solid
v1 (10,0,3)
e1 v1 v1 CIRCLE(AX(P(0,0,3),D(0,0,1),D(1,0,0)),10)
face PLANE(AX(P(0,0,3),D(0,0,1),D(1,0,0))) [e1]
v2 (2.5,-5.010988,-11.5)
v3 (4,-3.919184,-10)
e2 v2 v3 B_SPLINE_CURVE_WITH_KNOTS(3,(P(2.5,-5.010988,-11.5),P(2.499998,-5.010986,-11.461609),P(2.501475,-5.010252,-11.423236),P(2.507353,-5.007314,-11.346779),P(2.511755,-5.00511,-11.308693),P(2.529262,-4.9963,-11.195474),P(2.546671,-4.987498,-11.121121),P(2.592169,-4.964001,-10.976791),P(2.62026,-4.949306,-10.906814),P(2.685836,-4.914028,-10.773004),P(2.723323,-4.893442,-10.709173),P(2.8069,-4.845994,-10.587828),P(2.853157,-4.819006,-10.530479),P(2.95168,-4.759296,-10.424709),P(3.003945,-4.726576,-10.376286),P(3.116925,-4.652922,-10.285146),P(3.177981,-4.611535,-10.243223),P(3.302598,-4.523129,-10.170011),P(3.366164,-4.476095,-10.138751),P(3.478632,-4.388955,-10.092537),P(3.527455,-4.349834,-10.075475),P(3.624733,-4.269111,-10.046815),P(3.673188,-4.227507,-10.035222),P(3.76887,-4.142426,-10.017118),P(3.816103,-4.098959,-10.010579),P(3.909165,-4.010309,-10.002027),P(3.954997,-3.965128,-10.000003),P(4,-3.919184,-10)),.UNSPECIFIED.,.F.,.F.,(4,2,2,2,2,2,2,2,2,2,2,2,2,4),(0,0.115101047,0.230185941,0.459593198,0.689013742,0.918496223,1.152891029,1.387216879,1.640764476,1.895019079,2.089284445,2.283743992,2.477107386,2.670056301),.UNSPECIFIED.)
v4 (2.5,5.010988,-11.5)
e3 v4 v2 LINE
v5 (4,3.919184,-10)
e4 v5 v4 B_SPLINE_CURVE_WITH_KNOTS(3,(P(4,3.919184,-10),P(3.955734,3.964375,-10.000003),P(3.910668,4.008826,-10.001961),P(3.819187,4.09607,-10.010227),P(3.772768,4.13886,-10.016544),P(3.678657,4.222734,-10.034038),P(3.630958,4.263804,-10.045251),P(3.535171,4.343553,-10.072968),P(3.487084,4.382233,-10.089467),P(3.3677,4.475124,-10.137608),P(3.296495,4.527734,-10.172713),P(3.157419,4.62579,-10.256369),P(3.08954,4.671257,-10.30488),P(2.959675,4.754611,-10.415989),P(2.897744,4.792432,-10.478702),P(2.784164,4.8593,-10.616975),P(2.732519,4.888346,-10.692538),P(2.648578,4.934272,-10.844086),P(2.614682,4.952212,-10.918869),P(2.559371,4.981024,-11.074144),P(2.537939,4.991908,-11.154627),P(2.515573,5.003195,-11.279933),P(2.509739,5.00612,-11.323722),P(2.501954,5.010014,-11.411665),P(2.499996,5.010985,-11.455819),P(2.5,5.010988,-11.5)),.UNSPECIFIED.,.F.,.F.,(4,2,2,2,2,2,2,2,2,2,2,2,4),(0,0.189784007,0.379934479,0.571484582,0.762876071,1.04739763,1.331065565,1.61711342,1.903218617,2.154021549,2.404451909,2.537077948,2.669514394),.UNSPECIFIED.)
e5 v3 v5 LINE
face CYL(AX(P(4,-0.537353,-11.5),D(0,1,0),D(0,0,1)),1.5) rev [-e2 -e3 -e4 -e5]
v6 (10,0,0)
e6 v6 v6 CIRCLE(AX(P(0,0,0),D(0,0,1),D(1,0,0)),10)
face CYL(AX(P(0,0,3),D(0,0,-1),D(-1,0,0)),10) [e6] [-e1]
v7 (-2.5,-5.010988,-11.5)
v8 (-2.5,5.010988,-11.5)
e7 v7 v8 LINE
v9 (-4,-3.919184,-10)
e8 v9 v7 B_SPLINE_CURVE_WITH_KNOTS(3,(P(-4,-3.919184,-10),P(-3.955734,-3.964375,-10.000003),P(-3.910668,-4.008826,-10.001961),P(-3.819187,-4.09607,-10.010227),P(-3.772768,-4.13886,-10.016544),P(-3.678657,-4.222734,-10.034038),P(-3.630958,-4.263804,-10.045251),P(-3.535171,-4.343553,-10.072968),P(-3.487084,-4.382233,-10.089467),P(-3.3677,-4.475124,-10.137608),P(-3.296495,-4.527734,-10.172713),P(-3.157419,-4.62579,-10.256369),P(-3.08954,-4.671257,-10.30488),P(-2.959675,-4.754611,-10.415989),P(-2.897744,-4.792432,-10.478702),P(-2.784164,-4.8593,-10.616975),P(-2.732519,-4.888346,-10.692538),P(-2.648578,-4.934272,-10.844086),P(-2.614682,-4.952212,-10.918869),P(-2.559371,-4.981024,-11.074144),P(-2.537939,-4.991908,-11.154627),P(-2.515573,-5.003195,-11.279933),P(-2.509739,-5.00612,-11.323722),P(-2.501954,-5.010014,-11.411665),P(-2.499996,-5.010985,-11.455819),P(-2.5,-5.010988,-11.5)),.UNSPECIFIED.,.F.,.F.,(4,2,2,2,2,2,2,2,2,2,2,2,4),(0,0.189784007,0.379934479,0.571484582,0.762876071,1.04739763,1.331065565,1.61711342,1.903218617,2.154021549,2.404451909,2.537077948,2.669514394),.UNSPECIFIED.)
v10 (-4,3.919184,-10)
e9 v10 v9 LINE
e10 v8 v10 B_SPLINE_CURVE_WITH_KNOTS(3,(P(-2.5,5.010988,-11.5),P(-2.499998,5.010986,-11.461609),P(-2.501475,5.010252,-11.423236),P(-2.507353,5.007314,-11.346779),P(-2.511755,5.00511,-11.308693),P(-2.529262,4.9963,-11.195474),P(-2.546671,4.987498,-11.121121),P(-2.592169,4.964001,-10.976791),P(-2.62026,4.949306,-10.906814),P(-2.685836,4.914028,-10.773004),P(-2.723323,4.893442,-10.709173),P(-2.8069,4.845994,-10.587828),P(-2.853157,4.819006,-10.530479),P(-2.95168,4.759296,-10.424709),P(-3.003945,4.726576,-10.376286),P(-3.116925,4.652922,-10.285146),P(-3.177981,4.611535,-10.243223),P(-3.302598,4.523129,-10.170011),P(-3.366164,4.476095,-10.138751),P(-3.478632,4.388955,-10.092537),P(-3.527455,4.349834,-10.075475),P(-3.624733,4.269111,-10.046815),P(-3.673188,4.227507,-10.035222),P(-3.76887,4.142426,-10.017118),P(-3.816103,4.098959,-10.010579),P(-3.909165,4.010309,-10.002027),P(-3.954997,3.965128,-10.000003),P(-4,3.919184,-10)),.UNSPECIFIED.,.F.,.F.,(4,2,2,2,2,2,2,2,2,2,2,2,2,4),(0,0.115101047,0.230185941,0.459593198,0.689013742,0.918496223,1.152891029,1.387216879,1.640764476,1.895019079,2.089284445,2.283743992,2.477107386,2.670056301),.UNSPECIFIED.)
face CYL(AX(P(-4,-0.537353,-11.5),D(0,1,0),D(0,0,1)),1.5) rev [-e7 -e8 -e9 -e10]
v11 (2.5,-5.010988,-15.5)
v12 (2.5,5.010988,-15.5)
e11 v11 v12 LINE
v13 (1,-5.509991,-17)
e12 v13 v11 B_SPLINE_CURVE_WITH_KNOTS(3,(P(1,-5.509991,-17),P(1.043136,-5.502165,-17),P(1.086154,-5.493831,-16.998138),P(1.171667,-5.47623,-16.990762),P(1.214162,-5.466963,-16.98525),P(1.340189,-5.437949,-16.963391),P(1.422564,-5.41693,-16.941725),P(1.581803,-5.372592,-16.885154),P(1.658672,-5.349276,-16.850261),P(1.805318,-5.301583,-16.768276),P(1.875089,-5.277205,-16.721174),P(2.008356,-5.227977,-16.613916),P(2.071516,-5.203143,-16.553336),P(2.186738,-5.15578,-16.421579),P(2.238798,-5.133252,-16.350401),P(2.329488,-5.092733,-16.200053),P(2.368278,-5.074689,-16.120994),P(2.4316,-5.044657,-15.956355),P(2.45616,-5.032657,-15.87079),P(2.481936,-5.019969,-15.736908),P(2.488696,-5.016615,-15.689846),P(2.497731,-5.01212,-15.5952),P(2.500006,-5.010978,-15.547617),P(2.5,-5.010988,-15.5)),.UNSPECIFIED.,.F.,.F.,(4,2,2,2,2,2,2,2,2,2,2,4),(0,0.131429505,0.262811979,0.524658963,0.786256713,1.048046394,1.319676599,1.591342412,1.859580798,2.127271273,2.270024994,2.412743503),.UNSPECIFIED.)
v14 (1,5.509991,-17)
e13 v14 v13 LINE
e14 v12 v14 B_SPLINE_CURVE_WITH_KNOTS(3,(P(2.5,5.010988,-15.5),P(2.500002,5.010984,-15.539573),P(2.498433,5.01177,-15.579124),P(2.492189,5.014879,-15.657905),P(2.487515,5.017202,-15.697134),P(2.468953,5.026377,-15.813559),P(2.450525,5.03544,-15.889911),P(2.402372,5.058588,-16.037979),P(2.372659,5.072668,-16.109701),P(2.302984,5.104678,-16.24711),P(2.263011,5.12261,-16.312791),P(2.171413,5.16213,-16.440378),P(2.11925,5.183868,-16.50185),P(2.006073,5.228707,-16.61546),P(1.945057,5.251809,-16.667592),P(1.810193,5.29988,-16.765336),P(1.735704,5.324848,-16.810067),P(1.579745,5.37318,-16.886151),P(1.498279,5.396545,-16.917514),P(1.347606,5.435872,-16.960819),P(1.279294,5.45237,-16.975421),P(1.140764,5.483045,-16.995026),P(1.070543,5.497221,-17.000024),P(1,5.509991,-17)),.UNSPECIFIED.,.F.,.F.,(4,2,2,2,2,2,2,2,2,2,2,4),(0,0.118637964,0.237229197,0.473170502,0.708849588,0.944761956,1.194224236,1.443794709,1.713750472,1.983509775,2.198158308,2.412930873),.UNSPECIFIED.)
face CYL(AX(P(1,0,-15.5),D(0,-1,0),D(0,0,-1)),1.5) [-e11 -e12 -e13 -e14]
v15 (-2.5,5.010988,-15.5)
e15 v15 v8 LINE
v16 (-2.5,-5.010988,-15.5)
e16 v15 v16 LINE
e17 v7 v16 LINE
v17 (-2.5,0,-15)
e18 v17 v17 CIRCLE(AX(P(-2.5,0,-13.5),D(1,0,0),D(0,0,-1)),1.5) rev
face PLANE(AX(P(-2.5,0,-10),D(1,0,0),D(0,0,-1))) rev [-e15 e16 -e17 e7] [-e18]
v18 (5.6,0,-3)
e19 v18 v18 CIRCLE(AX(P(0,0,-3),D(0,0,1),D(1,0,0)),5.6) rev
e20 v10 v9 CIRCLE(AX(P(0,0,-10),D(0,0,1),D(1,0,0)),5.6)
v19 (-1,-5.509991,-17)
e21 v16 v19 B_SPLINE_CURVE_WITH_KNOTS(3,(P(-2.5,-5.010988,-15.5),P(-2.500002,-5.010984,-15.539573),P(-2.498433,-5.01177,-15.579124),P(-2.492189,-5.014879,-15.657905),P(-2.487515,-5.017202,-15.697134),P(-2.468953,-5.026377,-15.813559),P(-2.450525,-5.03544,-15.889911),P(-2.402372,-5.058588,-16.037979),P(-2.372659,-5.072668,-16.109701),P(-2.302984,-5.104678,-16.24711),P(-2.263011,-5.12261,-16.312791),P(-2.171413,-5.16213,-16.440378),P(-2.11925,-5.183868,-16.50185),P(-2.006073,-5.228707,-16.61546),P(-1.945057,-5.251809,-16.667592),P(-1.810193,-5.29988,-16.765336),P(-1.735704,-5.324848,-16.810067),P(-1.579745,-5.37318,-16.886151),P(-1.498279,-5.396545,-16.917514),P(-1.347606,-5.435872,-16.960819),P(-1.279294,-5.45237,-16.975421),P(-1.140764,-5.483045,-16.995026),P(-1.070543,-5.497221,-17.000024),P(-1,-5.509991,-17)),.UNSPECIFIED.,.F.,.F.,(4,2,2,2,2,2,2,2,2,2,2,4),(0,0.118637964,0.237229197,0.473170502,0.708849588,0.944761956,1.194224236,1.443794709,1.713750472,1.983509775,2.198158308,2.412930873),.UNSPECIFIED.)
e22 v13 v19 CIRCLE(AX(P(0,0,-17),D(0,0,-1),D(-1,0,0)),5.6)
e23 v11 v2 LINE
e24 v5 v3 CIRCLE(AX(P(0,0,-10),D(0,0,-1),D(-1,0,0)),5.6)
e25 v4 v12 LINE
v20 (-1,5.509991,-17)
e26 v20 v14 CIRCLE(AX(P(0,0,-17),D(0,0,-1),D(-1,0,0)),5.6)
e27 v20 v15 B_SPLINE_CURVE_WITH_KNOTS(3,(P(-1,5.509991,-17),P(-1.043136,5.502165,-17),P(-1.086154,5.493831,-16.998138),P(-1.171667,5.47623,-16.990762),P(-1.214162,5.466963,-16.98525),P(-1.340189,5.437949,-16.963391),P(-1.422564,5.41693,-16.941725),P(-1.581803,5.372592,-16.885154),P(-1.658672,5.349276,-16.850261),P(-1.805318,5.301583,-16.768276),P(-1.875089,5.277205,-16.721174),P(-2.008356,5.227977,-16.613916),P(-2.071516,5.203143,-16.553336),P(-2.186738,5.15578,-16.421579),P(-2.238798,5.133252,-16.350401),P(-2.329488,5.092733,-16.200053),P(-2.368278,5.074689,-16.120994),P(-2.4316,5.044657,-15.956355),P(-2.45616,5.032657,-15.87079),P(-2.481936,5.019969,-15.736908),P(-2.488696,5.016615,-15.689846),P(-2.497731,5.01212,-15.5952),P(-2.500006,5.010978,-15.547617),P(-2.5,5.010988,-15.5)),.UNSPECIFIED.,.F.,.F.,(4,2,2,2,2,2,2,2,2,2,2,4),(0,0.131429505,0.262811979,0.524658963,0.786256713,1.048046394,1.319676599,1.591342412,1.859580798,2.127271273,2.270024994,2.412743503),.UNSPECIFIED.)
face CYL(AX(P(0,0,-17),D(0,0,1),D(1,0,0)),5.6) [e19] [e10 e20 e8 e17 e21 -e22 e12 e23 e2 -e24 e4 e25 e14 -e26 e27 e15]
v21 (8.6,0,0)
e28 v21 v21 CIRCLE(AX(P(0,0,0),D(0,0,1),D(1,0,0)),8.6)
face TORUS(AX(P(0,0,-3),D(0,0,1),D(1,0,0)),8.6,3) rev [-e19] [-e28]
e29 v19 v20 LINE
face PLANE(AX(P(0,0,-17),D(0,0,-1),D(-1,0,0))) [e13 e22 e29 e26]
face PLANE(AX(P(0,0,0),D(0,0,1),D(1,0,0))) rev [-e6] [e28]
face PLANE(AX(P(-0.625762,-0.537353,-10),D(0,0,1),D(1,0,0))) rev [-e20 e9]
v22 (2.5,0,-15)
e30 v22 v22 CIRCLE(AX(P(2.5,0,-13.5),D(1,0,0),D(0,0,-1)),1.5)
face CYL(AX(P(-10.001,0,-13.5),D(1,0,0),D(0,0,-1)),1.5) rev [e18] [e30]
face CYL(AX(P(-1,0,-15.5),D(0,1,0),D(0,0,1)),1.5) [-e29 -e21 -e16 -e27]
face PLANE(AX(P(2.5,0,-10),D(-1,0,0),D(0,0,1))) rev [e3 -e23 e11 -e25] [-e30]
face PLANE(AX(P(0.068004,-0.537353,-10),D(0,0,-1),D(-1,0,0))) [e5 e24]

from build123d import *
from OCP.BRepFilletAPI import BRepFilletAPI_MakeFillet

# Parameters (mm, degrees)
SKETCH1_R           = 10
BOSS_EXTRUDE1_DEPTH = 3
SKETCH2_R           = 5.6
BOSS_EXTRUDE2_DEPTH = 17
CUT_EXTRUDE1_DEPTH  = 7
CUT_EXTRUDE2_REACH  = 25.351
SKETCH4_R           = 1.5
FILLET1_R1          = 3
FILLET1_R2          = 1.5


with BuildPart() as part:
    # Sketch1 → Boss-Extrude1 (new body)
    with BuildSketch(Plane.XY):
        Circle(SKETCH1_R)
    extrude(amount=BOSS_EXTRUDE1_DEPTH)

    # Sketch2 → Boss-Extrude2 (add)
    with BuildSketch(Plane(origin=(0, 0, 0), x_dir=(-1, 0, 0), z_dir=(0, 0, -1))):
        Circle(SKETCH2_R)
    extrude(amount=BOSS_EXTRUDE2_DEPTH)

    # Sketch3 → Cut-Extrude1 (cut)
    with BuildSketch(Plane(origin=(0, 0, -17), x_dir=(-1, 0, 0), z_dir=(0, 0, -1))):
        with BuildLine():
            Line((2.5, 0), (2.5, 6.663171691))
            ThreePointArc((2.5, 6.663171691), (8.066213365, -0.537352556), (2.5, -7.737876802))
            Line((2.5, -7.737876802), (2.5, 0))
        make_face()
        with BuildLine():
            Line((-2.5, 0), (-2.5, 6.663171691))
            ThreePointArc((-2.5, 6.663171691), (-7.668145551, -0.537352556), (-2.5, -7.737876802))
            Line((-2.5, -7.737876802), (-2.5, 0))
        make_face()
    extrude(amount=-CUT_EXTRUDE1_DEPTH, mode=Mode.SUBTRACT)

    # Sketch4 → Cut-Extrude2 (cut, up to next)
    with BuildSketch(Plane(origin=(2.5, 0, 0), x_dir=(0, 0, -1), z_dir=(1, 0, 0)), mode=Mode.PRIVATE) as cut_extrude2_sk1:
        with Locations((13.5, 0)):
            Circle(SKETCH4_R)
    cut_extrude2_tool1 = extrude(cut_extrude2_sk1.sketch, amount=-CUT_EXTRUDE2_REACH, mode=Mode.PRIVATE) & part.part
    add(cut_extrude2_tool1.solids().sort_by_distance((2.5, 0, -13.5))[0], mode=Mode.SUBTRACT)

    # Fillet1: one fillet with a radius per group of edges: ONE call of the kernel's fillet builder (fillet() takes one radius for all edges)
    fillet1_edges_1 = [part.edges().sort_by_distance(p)[0] for p in [
        (5.6, 0, 0),
    ]]
    fillet1_edges_2 = [part.edges().sort_by_distance(p)[0] for p in [
        (2.5, 0, -10),
        (-2.5, 0, -10),
        (2.5, 0, -17),
        (-2.5, 0, -17),
    ]]
    fillet1 = BRepFilletAPI_MakeFillet(part.part.solid().wrapped)
    for e in fillet1_edges_1:
        fillet1.Add(FILLET1_R1, e.wrapped)
    for e in fillet1_edges_2:
        fillet1.Add(FILLET1_R2, e.wrapped)
    add(Compound.cast(fillet1.Shape()), mode=Mode.REPLACE)


solid = part.part
